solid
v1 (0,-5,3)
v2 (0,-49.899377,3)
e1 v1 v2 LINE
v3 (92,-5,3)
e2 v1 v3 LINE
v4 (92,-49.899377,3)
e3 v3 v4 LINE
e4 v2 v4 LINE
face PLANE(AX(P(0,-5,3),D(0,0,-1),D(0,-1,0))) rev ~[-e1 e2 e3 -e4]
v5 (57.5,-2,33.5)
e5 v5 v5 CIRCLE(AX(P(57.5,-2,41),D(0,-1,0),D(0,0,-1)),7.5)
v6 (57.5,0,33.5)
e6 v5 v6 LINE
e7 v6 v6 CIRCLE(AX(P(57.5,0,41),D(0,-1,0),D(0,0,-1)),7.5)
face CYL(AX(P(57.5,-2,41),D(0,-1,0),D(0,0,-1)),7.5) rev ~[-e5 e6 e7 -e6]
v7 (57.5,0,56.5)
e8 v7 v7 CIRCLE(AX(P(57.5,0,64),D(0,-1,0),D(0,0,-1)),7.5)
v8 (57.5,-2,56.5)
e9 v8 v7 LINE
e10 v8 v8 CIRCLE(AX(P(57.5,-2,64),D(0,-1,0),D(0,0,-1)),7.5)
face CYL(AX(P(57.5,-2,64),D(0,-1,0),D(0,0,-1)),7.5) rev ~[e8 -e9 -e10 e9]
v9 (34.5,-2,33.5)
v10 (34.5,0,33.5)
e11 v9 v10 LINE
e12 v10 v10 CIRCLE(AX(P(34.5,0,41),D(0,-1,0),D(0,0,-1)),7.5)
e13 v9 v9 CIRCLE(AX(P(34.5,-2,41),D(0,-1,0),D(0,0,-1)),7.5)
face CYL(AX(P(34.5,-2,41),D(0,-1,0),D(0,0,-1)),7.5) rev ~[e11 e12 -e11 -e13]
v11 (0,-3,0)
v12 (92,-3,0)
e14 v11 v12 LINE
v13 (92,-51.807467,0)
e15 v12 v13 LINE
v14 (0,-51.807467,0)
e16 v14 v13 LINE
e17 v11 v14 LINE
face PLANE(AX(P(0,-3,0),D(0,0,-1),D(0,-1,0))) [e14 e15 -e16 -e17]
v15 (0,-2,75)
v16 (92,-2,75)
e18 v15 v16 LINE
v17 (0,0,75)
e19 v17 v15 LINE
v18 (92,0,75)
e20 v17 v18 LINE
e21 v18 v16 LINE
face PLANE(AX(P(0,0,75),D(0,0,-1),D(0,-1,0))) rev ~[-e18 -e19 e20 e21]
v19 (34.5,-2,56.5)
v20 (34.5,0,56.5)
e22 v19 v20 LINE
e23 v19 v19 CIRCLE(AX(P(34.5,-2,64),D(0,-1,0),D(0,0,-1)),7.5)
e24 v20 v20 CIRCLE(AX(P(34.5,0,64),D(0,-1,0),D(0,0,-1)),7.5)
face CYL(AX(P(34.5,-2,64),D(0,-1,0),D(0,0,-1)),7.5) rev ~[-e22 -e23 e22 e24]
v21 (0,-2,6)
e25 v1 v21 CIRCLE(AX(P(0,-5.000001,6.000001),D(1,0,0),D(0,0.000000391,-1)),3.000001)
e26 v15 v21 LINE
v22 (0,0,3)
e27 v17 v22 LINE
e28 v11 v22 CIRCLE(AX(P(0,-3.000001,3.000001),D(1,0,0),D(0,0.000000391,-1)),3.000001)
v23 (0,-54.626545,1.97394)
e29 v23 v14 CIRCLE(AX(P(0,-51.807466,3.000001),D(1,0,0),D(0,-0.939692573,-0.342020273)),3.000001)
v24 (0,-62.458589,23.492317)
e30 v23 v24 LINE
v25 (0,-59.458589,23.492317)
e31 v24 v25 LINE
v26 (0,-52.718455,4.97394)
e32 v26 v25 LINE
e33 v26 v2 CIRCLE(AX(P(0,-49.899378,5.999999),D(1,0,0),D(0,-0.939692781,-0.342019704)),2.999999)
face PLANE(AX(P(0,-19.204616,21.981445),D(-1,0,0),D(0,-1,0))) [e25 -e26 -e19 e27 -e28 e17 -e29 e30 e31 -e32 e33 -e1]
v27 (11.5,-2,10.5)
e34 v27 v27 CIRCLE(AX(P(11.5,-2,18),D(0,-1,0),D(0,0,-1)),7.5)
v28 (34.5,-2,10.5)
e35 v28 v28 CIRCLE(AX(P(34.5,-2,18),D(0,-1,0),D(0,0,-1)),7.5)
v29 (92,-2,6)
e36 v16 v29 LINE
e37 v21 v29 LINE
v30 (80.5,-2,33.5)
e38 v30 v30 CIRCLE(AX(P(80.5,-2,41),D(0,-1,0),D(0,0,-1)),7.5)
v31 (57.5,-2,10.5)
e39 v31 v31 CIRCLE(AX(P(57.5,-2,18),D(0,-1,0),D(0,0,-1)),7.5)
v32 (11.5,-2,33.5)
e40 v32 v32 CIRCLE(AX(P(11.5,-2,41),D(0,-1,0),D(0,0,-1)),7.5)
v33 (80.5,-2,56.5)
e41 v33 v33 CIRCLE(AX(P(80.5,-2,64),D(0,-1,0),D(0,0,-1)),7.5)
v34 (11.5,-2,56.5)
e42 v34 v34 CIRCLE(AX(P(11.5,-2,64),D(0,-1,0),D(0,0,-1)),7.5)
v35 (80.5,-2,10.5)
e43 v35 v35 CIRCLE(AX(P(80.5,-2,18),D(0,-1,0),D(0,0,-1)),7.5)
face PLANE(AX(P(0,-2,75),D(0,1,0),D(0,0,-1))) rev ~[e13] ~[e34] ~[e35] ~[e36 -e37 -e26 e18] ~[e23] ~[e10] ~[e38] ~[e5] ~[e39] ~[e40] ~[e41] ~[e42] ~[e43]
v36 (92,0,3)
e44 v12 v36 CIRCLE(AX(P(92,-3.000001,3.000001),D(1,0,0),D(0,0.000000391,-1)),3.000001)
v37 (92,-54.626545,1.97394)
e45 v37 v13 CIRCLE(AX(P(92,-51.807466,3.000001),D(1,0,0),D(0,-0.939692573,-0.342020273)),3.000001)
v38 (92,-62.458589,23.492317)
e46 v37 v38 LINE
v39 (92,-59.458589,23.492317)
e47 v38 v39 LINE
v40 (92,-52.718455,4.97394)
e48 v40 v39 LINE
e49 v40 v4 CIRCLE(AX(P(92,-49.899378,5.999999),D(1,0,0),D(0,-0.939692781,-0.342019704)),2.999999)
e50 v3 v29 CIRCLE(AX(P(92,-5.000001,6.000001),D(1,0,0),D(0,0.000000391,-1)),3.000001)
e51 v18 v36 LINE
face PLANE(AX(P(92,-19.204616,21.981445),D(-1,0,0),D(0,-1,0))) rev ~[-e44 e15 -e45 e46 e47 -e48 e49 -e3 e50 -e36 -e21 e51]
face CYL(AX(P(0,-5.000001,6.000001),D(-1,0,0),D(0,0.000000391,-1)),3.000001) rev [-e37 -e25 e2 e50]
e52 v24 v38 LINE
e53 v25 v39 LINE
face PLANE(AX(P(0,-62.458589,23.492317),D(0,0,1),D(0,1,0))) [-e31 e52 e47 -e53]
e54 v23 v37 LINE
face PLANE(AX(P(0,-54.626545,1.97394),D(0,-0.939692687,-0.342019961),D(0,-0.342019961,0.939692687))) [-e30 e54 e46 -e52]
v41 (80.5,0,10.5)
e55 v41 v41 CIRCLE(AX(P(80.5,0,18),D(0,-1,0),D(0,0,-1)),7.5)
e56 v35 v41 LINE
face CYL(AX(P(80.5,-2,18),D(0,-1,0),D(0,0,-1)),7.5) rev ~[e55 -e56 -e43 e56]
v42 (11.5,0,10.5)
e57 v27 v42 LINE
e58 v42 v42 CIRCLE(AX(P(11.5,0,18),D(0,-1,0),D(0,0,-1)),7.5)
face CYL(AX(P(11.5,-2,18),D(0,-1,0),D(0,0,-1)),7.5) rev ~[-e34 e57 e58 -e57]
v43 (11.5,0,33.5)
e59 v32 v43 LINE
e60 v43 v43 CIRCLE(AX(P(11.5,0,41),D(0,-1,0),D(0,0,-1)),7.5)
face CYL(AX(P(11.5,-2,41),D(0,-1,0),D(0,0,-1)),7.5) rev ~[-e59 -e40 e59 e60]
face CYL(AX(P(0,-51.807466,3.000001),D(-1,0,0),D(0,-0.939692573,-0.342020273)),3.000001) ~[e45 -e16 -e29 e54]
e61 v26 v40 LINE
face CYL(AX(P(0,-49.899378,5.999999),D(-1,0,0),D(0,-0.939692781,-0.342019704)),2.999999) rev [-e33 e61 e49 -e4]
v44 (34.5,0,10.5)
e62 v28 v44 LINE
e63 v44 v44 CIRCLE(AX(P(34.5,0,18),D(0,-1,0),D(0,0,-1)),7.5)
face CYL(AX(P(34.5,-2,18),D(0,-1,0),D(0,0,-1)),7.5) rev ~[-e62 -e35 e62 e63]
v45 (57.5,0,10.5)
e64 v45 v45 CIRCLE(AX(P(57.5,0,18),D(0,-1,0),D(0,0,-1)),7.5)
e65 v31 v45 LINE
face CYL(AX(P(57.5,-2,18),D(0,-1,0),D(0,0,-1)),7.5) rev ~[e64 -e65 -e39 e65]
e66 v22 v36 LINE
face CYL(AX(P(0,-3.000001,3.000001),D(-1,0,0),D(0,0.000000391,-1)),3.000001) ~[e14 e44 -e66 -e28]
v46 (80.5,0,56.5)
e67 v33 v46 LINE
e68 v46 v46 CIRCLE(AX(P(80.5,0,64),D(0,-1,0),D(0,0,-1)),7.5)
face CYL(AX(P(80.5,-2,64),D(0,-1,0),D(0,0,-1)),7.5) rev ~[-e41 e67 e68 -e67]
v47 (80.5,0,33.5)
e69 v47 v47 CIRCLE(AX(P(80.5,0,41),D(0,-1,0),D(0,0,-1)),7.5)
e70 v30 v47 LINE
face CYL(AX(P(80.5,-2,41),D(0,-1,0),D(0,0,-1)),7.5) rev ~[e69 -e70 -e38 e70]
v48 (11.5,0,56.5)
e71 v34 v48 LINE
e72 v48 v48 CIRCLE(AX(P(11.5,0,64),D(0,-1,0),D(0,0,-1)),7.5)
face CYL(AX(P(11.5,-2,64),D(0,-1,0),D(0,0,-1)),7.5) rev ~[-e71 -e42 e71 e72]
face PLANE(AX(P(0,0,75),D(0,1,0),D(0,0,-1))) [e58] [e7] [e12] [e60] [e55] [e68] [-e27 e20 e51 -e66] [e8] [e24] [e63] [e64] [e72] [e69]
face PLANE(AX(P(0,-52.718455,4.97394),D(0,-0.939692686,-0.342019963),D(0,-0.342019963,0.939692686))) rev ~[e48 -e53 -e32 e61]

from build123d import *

# Parameters (mm, degrees)
PAD_DEPTH    = 92
SKETCH001_R  = 7.5
POCKET_DEPTH = 2


with BuildPart() as part:
    # Sketch → Pad (new body)
    with BuildSketch(Plane.YZ):
        with BuildLine():
            Line((0, 75), (0, 3))
            ThreePointArc((-3, 0), (-0.87868, 0.87868), (0, 3))
            Line((-3, 0), (-51.807467, 0))
            ThreePointArc((-54.626545, 1.97394), (-53.528196, 0.542544), (-51.807467, 0))
            Line((-54.626545, 1.97394), (-62.458589, 23.492317))
            Line((-62.458589, 23.492317), (-59.458589, 23.492317))
            Line((-52.718455, 4.97394), (-59.458589, 23.492317))
            ThreePointArc((-52.718455, 4.97394), (-51.620107, 3.542544), (-49.899377, 3))
            Line((-5, 3), (-49.899377, 3))
            ThreePointArc((-5, 3), (-2.87868, 3.87868), (-2, 6))
            Line((-2, 75), (-2, 6))
            Line((0, 75), (-2, 75))
        make_face()
    extrude(amount=PAD_DEPTH)

    # Sketch001 (on Face12 of Pad) → Pocket (cut)
    with BuildSketch(Plane(origin=(0, -2, 0), x_dir=(0, 0, -1), z_dir=(0, -1, 0))):
        with Locations((-64, 11.5)):
            Circle(SKETCH001_R)
        with Locations((-41, 11.5)):
            Circle(SKETCH001_R)
        with Locations((-18, 11.5)):
            Circle(SKETCH001_R)
        with Locations((-64, 34.5)):
            Circle(SKETCH001_R)
        with Locations((-41, 34.5)):
            Circle(SKETCH001_R)
        with Locations((-18, 34.5)):
            Circle(SKETCH001_R)
        with Locations((-64, 57.5)):
            Circle(SKETCH001_R)
        with Locations((-41, 57.5)):
            Circle(SKETCH001_R)
        with Locations((-18, 57.5)):
            Circle(SKETCH001_R)
        with Locations((-64, 80.5)):
            Circle(SKETCH001_R)
        with Locations((-41, 80.5)):
            Circle(SKETCH001_R)
        with Locations((-18, 80.5)):
            Circle(SKETCH001_R)
    extrude(amount=-POCKET_DEPTH, mode=Mode.SUBTRACT)


solid = part.part
